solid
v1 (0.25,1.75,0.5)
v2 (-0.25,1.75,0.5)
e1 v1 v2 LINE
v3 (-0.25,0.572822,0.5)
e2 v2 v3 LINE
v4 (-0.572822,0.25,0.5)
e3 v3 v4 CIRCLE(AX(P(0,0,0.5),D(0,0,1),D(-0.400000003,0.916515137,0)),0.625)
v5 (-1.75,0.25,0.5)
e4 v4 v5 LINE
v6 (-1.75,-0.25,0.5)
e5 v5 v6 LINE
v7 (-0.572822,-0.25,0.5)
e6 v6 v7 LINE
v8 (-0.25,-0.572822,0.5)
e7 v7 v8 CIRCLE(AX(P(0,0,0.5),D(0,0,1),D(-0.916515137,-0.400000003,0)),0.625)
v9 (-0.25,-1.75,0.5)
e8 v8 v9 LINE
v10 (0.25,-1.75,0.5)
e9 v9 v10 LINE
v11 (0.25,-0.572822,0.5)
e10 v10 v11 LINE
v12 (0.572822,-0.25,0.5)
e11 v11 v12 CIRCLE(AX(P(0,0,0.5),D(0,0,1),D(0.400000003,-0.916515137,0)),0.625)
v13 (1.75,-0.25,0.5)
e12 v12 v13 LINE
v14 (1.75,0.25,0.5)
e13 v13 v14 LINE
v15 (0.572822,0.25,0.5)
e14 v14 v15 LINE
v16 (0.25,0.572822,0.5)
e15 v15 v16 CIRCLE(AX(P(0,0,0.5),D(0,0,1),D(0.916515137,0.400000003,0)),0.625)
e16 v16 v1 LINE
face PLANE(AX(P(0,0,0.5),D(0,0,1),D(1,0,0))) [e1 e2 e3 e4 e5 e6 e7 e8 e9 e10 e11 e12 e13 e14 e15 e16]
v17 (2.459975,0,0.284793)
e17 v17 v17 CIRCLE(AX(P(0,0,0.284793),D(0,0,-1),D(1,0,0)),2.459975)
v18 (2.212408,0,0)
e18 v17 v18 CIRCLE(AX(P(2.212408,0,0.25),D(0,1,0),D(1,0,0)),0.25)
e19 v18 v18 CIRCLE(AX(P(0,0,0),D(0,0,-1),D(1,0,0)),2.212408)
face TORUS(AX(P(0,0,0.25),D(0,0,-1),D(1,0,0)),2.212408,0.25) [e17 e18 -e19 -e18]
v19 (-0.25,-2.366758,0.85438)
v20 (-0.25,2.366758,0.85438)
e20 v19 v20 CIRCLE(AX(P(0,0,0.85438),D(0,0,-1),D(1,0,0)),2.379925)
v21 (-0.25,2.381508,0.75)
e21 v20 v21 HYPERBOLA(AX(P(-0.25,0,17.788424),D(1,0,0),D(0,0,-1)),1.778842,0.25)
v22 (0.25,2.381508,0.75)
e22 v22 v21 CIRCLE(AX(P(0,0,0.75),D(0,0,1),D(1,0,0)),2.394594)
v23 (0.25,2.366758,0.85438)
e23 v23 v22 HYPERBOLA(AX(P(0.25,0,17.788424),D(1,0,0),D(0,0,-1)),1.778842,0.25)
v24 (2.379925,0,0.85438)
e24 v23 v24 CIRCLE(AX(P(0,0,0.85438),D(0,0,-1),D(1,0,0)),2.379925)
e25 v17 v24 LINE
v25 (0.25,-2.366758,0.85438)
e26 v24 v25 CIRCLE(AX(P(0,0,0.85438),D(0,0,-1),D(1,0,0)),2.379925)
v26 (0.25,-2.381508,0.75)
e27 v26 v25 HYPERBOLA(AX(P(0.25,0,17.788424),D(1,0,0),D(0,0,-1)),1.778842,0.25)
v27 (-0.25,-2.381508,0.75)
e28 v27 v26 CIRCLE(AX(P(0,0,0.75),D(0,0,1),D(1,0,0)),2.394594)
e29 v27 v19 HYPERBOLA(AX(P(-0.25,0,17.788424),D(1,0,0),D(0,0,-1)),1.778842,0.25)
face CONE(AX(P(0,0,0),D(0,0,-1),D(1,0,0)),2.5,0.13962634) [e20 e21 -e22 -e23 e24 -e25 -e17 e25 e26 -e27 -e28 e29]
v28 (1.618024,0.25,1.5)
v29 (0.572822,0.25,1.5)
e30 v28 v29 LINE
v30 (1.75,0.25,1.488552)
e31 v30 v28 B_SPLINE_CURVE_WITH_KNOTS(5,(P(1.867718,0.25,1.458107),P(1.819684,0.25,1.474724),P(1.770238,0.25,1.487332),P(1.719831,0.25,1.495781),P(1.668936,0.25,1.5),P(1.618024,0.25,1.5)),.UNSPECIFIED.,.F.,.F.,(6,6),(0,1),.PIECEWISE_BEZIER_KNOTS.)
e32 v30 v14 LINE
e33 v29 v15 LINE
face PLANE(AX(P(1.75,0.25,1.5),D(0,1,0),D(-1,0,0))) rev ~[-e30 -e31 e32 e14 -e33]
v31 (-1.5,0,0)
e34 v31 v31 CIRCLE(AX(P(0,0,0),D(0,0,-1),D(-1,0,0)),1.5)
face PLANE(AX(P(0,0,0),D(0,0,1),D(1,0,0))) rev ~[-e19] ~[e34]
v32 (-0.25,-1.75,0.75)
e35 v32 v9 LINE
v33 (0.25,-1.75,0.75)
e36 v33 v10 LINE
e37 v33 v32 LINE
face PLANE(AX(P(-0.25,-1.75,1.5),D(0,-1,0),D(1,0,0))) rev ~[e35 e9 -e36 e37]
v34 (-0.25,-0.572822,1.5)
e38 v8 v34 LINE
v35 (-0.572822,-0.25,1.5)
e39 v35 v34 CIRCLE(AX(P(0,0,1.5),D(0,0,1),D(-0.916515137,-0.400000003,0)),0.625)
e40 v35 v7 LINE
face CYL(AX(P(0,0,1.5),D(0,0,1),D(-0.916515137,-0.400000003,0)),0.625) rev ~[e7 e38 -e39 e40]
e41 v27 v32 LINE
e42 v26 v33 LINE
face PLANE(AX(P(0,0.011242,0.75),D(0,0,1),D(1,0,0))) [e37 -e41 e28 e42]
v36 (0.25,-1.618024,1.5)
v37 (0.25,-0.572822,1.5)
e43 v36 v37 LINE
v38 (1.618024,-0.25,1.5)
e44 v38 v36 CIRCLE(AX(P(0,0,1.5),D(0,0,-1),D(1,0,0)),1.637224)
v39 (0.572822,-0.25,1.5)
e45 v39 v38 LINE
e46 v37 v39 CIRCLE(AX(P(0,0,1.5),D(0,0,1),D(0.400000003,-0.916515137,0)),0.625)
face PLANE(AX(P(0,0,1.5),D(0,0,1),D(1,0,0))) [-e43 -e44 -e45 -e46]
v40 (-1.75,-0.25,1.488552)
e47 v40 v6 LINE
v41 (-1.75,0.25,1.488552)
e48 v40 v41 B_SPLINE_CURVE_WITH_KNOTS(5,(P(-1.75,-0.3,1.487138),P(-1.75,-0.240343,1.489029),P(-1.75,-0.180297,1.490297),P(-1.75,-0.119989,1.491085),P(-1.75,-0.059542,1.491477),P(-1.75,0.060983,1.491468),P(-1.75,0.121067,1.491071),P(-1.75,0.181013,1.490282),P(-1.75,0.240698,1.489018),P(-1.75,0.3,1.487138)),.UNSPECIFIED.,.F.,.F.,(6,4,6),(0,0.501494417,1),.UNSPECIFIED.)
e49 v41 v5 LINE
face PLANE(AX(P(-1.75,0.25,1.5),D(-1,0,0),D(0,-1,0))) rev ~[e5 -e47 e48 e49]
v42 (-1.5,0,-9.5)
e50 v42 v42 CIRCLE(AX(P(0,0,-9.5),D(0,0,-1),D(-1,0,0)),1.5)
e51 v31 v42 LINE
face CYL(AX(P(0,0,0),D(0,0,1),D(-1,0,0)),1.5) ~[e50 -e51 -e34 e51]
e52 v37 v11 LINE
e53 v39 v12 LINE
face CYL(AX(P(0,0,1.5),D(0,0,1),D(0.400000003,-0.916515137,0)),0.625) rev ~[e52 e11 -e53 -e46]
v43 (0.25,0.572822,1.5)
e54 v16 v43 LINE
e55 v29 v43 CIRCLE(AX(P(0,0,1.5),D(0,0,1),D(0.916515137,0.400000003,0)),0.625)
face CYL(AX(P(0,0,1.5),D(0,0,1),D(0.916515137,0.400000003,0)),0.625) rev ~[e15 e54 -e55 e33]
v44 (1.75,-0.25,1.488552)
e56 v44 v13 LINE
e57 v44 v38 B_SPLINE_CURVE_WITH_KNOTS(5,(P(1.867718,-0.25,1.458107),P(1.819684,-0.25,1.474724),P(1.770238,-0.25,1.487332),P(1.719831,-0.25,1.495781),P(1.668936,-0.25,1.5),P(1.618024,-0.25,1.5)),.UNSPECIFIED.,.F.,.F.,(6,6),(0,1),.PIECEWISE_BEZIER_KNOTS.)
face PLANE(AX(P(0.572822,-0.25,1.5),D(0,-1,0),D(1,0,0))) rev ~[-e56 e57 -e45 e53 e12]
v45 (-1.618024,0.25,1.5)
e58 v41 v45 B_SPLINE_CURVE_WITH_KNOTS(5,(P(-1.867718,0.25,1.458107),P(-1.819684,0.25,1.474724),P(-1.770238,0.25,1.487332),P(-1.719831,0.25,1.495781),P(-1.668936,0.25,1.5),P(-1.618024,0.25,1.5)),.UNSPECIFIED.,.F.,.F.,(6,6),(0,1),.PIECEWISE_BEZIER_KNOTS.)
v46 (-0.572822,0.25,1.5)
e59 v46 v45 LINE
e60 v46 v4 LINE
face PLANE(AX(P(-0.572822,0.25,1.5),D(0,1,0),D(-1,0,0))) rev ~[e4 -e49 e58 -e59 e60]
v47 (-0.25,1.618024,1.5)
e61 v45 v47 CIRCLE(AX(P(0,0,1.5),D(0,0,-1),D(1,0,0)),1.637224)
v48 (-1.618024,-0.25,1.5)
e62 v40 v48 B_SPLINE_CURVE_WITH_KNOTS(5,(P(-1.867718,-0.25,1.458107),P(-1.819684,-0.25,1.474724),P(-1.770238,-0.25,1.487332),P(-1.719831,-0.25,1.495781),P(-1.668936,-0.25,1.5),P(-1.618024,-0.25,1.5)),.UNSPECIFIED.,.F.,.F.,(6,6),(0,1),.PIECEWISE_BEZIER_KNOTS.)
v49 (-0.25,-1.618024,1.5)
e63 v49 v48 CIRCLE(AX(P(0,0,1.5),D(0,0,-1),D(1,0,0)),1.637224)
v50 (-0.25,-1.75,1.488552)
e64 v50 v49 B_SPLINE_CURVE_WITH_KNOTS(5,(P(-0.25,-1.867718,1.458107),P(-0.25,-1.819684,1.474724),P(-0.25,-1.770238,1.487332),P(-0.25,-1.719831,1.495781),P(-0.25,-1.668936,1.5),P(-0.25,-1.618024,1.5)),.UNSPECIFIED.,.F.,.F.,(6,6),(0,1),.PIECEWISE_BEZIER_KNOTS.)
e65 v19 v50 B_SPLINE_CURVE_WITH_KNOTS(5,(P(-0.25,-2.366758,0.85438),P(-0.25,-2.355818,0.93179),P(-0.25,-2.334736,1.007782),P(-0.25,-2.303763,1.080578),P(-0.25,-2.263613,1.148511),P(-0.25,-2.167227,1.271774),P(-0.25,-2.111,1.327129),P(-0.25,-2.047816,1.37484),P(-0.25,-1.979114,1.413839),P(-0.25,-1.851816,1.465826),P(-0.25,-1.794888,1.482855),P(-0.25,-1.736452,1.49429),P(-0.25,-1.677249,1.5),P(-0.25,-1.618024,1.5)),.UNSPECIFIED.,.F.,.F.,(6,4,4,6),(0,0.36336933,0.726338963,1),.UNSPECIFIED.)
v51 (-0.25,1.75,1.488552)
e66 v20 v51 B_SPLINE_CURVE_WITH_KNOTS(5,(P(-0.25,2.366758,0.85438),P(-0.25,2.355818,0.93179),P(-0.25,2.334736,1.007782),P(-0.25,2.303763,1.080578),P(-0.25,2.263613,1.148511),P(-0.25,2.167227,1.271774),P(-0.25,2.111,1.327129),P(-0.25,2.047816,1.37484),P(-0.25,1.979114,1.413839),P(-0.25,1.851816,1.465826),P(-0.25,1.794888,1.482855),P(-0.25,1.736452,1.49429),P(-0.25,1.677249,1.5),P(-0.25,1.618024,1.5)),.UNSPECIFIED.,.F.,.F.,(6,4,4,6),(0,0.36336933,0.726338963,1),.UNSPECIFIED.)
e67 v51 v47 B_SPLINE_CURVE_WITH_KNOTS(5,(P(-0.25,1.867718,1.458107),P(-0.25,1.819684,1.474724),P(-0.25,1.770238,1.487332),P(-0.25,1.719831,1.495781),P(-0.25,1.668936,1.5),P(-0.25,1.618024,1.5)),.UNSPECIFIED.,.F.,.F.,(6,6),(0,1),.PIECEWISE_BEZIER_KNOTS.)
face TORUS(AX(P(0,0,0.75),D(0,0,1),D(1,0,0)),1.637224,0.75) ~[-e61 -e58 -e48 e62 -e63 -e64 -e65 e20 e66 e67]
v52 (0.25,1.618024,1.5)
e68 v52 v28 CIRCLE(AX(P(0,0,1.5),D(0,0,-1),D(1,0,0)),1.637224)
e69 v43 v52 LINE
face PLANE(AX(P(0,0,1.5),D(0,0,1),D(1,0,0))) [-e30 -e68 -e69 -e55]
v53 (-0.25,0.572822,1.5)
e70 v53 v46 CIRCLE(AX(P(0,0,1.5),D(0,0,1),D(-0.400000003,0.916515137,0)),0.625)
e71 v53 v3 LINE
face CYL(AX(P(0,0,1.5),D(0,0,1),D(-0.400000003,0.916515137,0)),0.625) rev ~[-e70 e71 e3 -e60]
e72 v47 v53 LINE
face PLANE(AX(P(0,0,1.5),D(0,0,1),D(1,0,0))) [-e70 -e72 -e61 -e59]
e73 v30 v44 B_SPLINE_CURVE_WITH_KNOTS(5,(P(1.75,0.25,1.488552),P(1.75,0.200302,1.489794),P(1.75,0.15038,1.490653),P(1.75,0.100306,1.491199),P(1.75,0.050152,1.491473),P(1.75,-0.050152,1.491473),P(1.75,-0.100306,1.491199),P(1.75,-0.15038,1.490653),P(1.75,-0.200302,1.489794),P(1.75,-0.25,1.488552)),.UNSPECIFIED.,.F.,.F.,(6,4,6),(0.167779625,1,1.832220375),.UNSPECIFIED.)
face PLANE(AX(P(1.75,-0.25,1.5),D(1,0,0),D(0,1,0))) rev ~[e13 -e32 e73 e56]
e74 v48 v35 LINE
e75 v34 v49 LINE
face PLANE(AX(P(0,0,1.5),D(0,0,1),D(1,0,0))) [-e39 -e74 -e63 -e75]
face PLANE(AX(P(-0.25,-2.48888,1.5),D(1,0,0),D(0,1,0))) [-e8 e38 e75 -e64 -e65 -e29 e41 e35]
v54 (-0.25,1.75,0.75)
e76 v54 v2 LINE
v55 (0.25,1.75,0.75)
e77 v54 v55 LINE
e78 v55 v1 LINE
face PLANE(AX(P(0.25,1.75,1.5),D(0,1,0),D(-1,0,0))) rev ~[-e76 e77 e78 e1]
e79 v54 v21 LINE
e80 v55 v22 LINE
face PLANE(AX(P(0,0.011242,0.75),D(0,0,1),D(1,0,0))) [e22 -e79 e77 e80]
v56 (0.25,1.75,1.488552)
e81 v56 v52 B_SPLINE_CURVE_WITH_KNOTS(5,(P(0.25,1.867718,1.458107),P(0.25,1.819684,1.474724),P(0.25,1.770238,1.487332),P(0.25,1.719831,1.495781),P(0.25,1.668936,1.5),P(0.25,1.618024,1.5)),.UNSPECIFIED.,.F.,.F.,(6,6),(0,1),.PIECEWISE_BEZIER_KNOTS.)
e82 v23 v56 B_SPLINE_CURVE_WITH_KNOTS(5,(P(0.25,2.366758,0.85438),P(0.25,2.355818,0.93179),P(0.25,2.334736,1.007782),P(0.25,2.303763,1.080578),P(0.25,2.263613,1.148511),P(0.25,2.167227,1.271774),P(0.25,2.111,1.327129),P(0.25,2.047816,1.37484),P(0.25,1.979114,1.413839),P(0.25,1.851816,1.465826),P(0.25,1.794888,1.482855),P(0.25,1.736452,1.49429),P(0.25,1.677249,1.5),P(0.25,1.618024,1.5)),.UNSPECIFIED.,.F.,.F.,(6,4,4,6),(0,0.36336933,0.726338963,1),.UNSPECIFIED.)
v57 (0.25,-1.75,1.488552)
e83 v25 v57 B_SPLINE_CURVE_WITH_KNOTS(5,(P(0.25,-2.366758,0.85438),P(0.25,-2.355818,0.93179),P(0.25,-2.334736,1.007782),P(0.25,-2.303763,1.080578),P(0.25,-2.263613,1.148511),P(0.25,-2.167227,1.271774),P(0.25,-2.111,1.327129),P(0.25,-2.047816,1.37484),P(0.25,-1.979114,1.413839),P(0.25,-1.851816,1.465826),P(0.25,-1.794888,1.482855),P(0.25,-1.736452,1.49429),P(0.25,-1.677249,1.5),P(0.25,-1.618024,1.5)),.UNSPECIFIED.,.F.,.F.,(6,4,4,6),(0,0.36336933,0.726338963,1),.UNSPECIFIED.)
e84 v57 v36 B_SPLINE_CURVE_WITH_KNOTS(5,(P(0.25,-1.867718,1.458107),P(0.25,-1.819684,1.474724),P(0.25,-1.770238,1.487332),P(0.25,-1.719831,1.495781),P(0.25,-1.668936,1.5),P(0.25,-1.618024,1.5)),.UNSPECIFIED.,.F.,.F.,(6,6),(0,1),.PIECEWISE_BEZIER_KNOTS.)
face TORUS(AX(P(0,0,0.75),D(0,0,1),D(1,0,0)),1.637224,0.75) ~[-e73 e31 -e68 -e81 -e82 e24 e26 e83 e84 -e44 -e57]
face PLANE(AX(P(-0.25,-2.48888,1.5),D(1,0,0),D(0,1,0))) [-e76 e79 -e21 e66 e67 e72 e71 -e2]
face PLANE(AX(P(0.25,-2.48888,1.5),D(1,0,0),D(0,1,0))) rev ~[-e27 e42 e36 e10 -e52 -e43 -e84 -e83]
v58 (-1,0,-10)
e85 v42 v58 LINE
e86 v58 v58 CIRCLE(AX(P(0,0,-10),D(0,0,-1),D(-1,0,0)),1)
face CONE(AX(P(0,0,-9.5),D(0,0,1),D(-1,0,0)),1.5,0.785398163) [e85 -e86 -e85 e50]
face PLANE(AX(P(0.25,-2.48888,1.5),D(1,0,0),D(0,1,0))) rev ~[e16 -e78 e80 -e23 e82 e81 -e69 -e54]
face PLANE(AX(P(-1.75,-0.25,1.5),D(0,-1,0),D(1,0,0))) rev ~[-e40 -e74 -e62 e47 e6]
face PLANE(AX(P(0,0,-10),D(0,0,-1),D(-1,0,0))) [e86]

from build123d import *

# Parameters (mm, degrees)
ESQUISSE1_R             = 2.5
BASE_EXTRUSION_DEPTH    = 1.5
BASE_EXTRUSION_TAPER    = 8
CONG_1_R                = 0.75
CONG_2_R                = 0.25
ESQUISSE2_R             = 1.5
BOSS_EXTRU_1_DEPTH      = 10
CHANFREIN1_SIZE         = 0.5
ENL_V_MAT_EXTRU_1_DEPTH = 1
ESQUISSE5_W             = 0.5
ESQUISSE5_H             = 5.000243794
ENL_V_MAT_EXTRU_2_DEPTH = 0.75


with BuildPart() as part:
    # Esquisse1 → Base-Extrusion (new body)
    with BuildSketch(Plane.XY):
        Circle(ESQUISSE1_R)
    extrude(amount=BASE_EXTRUSION_DEPTH, taper=BASE_EXTRUSION_TAPER)

    # Congé1
    cong_1_edges = [part.edges().sort_by_distance(p)[0] for p in [
        (-2.289188748, 0, 1.5),
    ]]
    fillet(cong_1_edges, radius=CONG_1_R)

    # Congé2
    cong_2_edges = [part.edges().sort_by_distance(p)[0] for p in [
        (-2.5, 0, 0),
    ]]
    fillet(cong_2_edges, radius=CONG_2_R)

    # Esquisse2 → Boss.-Extru.1 (add)
    with BuildSketch(Plane(origin=(0, 0, 0), x_dir=(-1, 0, 0), z_dir=(0, 0, -1))):
        Circle(ESQUISSE2_R)
    extrude(amount=BOSS_EXTRU_1_DEPTH)

    # Chanfrein1
    chanfrein1_edges = [part.edges().sort_by_distance(p)[0] for p in [
        (1.5, 0, -10),
    ]]
    chamfer(chanfrein1_edges, length=CHANFREIN1_SIZE)

    # Esquisse4 → Enlèv. mat.-Extru.1 (cut)
    with BuildSketch(Plane.XY.offset(1.5)):
        with BuildLine():
            Line((-0.25, 1.75), (-0.25, 0.572821962))
            ThreePointArc((-0.25, 0.572821962), (-0.441941738, 0.441941738), (-0.572821962, 0.25))
            Line((-0.572821962, 0.25), (-1.75, 0.25))
            Line((-1.75, 0.25), (-1.75, -0.25))
            Line((-1.75, -0.25), (-0.572821962, -0.25))
            ThreePointArc((-0.572821962, -0.25), (-0.441941738, -0.441941738), (-0.25, -0.572821962))
            Line((-0.25, -0.572821962), (-0.25, -1.75))
            Line((-0.25, -1.75), (0.25, -1.75))
            Line((0.25, -1.75), (0.25, -0.572821962))
            ThreePointArc((0.25, -0.572821962), (0.441941738, -0.441941738), (0.572821962, -0.25))
            Line((0.572821962, -0.25), (1.75, -0.25))
            Line((1.75, -0.25), (1.75, 0.25))
            Line((1.75, 0.25), (0.572821962, 0.25))
            ThreePointArc((0.572821962, 0.25), (0.441941738, 0.441941738), (0.25, 0.572821962))
            Line((0.25, 0.572821962), (0.25, 1.75))
            Line((0.25, 1.75), (-0.25, 1.75))
        make_face()
    extrude(amount=-ENL_V_MAT_EXTRU_1_DEPTH, mode=Mode.SUBTRACT)

    # Esquisse5 → Enlèv. mat.-Extru.2 (cut)
    with BuildSketch(Plane.XY.offset(1.5)):
        with Locations((0, 0.01124212)):
            Rectangle(ESQUISSE5_W, ESQUISSE5_H)
    extrude(amount=-ENL_V_MAT_EXTRU_2_DEPTH, mode=Mode.SUBTRACT)


solid = part.part
